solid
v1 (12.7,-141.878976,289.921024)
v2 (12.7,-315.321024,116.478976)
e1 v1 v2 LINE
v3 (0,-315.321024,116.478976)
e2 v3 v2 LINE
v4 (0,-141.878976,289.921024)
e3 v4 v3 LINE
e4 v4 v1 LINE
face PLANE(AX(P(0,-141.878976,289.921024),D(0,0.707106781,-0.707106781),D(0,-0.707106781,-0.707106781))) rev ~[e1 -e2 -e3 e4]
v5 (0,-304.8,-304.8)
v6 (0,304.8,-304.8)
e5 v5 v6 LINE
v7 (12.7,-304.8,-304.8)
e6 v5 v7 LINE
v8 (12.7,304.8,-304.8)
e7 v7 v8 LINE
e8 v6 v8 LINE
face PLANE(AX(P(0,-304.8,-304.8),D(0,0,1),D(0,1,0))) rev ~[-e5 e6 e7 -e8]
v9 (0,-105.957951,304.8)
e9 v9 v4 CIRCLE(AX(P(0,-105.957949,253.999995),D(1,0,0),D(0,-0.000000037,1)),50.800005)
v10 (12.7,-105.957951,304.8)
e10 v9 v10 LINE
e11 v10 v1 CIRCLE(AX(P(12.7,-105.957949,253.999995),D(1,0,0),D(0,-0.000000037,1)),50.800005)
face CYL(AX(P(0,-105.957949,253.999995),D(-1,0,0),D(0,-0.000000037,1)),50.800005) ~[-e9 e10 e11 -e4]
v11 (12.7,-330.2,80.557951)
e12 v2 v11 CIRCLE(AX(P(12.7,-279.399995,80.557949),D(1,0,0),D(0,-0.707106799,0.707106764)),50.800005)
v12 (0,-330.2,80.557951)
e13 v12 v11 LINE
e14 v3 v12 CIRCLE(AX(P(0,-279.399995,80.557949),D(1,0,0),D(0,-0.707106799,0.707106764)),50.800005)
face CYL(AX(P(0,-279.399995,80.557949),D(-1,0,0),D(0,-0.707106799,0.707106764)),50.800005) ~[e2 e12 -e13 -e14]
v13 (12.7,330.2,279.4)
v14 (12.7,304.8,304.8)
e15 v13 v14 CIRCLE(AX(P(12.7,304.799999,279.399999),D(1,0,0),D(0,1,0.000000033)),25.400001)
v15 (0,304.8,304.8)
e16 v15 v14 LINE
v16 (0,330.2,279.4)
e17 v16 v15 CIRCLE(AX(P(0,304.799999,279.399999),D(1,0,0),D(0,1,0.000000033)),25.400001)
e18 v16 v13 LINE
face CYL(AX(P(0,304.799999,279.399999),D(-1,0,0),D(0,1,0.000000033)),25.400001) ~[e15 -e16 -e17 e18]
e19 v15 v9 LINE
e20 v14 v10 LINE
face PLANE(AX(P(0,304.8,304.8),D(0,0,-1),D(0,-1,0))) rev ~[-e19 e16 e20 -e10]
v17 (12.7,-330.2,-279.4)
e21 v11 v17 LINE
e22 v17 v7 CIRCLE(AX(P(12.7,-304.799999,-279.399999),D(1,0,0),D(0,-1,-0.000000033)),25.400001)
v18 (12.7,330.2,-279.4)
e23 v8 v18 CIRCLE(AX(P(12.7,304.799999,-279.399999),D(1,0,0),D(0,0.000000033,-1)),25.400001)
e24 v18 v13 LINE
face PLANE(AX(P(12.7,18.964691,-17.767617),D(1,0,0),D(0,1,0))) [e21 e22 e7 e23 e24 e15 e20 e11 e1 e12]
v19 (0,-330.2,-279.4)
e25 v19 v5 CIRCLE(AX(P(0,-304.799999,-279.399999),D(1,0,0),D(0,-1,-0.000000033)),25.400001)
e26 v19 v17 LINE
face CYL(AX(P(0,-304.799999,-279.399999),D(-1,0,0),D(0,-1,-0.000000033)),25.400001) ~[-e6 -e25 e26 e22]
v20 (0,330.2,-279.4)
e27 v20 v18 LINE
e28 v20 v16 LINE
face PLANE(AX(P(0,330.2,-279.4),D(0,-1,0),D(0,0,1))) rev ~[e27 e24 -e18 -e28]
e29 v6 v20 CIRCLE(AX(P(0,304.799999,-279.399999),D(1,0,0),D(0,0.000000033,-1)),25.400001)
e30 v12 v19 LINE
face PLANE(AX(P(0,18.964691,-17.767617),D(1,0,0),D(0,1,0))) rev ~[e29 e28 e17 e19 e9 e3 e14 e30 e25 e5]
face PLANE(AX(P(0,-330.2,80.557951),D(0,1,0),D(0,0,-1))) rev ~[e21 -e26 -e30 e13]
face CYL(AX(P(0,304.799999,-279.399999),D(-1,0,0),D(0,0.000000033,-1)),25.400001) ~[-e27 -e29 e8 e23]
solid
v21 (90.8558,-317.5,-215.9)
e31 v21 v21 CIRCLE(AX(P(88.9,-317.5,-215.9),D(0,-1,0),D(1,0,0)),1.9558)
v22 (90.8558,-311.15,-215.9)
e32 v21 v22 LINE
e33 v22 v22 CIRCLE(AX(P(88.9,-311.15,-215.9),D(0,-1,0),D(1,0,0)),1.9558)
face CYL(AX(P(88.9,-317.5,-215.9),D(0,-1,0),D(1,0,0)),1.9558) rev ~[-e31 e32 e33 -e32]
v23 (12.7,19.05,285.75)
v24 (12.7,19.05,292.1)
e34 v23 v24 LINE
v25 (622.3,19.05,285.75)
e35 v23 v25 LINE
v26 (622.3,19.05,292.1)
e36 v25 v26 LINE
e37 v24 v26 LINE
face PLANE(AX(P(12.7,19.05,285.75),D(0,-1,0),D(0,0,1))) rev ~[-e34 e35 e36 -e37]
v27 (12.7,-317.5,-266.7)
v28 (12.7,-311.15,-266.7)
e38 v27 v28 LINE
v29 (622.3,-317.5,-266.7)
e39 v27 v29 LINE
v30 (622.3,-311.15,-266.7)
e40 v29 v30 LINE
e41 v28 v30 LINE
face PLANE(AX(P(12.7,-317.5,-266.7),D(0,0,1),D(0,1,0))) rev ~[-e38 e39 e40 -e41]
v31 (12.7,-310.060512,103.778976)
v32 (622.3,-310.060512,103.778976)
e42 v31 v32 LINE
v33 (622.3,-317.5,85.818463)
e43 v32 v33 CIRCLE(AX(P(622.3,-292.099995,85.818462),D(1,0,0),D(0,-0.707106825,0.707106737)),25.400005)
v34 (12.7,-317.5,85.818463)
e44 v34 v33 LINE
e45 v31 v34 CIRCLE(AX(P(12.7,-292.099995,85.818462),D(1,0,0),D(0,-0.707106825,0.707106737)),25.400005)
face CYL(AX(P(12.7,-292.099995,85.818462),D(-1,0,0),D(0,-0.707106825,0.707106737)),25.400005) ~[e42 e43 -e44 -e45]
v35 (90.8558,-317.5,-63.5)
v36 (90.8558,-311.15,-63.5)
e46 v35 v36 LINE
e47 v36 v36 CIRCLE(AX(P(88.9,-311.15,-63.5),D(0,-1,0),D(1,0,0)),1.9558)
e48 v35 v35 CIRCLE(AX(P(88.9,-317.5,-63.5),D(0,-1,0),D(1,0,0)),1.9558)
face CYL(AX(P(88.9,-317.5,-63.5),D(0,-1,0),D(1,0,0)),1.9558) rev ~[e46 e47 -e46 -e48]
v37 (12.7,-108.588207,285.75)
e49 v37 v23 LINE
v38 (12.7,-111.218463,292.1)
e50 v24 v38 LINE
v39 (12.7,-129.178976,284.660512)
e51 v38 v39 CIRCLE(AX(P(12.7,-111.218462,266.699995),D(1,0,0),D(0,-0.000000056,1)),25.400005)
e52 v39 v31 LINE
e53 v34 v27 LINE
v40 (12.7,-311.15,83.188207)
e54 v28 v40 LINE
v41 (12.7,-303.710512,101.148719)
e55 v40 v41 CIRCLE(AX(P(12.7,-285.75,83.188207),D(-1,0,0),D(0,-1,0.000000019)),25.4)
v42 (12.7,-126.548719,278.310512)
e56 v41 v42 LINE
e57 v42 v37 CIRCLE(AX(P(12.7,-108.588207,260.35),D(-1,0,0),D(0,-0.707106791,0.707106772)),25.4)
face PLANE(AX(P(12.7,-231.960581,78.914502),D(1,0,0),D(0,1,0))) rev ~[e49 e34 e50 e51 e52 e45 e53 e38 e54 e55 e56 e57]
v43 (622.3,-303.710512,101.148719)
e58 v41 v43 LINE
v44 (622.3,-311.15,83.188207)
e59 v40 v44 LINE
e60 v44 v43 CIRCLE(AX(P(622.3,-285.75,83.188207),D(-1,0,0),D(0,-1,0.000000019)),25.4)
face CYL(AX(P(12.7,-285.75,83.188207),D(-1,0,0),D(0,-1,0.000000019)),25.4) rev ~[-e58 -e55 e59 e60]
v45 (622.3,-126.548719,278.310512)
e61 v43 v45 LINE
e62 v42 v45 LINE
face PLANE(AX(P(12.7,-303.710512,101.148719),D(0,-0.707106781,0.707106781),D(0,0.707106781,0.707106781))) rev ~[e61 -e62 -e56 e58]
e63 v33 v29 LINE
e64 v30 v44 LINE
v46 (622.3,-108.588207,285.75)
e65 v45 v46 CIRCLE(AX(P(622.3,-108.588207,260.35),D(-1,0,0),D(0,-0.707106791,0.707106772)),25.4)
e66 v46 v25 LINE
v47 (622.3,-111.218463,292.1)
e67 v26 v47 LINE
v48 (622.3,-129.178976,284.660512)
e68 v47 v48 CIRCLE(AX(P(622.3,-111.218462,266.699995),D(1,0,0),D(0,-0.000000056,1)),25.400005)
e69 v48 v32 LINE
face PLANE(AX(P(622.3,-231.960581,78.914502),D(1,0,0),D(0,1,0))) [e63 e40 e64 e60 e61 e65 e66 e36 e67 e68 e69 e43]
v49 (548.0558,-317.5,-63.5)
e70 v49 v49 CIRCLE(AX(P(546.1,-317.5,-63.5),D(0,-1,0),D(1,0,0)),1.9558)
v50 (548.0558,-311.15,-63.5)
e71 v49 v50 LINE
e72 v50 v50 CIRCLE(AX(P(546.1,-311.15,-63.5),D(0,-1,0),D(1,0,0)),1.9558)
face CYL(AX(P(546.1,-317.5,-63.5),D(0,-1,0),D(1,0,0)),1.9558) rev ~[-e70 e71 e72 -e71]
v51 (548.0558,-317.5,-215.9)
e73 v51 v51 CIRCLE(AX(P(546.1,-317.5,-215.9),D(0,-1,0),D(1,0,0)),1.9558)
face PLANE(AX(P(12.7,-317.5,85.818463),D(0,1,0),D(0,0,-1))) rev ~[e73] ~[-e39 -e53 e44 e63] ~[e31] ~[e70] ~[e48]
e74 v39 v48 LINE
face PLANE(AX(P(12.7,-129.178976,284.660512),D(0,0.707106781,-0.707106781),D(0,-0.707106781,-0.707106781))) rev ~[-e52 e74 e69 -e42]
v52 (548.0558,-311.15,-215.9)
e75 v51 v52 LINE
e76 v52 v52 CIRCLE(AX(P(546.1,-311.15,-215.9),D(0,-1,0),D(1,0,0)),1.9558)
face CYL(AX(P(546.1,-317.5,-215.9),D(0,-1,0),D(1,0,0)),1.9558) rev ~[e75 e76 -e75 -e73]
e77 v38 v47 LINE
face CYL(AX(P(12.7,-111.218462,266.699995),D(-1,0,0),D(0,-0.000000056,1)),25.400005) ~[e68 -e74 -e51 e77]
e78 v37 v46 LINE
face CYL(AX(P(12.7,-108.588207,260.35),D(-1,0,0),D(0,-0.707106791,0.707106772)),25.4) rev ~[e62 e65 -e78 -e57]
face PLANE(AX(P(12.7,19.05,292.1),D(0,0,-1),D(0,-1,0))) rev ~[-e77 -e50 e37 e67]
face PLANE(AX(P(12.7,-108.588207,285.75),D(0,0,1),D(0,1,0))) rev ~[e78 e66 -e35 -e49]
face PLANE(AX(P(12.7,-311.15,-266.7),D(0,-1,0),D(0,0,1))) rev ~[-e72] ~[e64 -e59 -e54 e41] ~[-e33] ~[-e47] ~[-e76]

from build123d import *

# Parameters (mm, degrees)
F1_DEPTH = 12.7
F3_DEPTH = 609.6
F4_R     = 1.9558
F5_DEPTH = 647.701


with BuildPart() as f1:
    # F0 (on Right) → F1 (new body)
    with BuildSketch(Plane.YZ):
        with BuildLine():
            ThreePointArc((330.2, 279.4), (322.760512, 297.360512), (304.8, 304.8))
            Line((304.8, 304.8), (-105.957951, 304.8))
            ThreePointArc((-105.957951, 304.8), (-125.398269, 300.93308), (-141.878976, 289.921024))
            Line((-141.878976, 289.921024), (-315.321024, 116.478976))
            ThreePointArc((-315.321024, 116.478976), (-326.33308, 99.998269), (-330.2, 80.557951))
            Line((-330.2, 80.557951), (-330.2, -279.4))
            ThreePointArc((-330.2, -279.4), (-322.760512, -297.360512), (-304.8, -304.8))
            Line((-304.8, -304.8), (304.8, -304.8))
            ThreePointArc((304.8, -304.8), (322.760512, -297.360512), (330.2, -279.4))
            Line((330.2, -279.4), (330.2, 279.4))
        make_face()
    extrude(amount=F1_DEPTH)


with BuildPart() as f3:
    # F2 (on face) → F3 (new body)
    with BuildSketch(Plane.YZ.offset(12.7)):
        with BuildLine():
            ThreePointArc((-310.060512, 103.778976), (-315.56654, 95.538622), (-317.5, 85.818463))
            Line((-317.5, 85.818463), (-317.5, -266.7))
            Line((-317.5, -266.7), (-311.15, -266.7))
            Line((-311.15, -266.7), (-311.15, 83.188207))
            ThreePointArc((-311.15, 83.188207), (-309.21654, 92.908366), (-303.710512, 101.148719))
            Line((-303.710512, 101.148719), (-126.548719, 278.310512))
            ThreePointArc((-126.548719, 278.310512), (-118.308366, 283.81654), (-108.588207, 285.75))
            Line((-108.588207, 285.75), (19.05, 285.75))
            Line((19.05, 285.75), (19.05, 292.1))
            Line((19.05, 292.1), (-111.218463, 292.1))
            ThreePointArc((-111.218463, 292.1), (-120.938622, 290.16654), (-129.178976, 284.660512))
            Line((-129.178976, 284.660512), (-310.060512, 103.778976))
        make_face()
    extrude(amount=F3_DEPTH)

    # F4 (on face) → F5 (cut, through all)
    with BuildSketch(Plane.XZ.offset(317.5)):
        with Locations((546.1, -215.9)):
            Circle(F4_R)
        with Locations((546.1, -63.5)):
            Circle(F4_R)
        with Locations((88.9, -63.5)):
            Circle(F4_R)
        with Locations((88.9, -215.9)):
            Circle(F4_R)
    extrude(amount=-F5_DEPTH, mode=Mode.SUBTRACT)


solid = Compound([f1.part, f3.part])
